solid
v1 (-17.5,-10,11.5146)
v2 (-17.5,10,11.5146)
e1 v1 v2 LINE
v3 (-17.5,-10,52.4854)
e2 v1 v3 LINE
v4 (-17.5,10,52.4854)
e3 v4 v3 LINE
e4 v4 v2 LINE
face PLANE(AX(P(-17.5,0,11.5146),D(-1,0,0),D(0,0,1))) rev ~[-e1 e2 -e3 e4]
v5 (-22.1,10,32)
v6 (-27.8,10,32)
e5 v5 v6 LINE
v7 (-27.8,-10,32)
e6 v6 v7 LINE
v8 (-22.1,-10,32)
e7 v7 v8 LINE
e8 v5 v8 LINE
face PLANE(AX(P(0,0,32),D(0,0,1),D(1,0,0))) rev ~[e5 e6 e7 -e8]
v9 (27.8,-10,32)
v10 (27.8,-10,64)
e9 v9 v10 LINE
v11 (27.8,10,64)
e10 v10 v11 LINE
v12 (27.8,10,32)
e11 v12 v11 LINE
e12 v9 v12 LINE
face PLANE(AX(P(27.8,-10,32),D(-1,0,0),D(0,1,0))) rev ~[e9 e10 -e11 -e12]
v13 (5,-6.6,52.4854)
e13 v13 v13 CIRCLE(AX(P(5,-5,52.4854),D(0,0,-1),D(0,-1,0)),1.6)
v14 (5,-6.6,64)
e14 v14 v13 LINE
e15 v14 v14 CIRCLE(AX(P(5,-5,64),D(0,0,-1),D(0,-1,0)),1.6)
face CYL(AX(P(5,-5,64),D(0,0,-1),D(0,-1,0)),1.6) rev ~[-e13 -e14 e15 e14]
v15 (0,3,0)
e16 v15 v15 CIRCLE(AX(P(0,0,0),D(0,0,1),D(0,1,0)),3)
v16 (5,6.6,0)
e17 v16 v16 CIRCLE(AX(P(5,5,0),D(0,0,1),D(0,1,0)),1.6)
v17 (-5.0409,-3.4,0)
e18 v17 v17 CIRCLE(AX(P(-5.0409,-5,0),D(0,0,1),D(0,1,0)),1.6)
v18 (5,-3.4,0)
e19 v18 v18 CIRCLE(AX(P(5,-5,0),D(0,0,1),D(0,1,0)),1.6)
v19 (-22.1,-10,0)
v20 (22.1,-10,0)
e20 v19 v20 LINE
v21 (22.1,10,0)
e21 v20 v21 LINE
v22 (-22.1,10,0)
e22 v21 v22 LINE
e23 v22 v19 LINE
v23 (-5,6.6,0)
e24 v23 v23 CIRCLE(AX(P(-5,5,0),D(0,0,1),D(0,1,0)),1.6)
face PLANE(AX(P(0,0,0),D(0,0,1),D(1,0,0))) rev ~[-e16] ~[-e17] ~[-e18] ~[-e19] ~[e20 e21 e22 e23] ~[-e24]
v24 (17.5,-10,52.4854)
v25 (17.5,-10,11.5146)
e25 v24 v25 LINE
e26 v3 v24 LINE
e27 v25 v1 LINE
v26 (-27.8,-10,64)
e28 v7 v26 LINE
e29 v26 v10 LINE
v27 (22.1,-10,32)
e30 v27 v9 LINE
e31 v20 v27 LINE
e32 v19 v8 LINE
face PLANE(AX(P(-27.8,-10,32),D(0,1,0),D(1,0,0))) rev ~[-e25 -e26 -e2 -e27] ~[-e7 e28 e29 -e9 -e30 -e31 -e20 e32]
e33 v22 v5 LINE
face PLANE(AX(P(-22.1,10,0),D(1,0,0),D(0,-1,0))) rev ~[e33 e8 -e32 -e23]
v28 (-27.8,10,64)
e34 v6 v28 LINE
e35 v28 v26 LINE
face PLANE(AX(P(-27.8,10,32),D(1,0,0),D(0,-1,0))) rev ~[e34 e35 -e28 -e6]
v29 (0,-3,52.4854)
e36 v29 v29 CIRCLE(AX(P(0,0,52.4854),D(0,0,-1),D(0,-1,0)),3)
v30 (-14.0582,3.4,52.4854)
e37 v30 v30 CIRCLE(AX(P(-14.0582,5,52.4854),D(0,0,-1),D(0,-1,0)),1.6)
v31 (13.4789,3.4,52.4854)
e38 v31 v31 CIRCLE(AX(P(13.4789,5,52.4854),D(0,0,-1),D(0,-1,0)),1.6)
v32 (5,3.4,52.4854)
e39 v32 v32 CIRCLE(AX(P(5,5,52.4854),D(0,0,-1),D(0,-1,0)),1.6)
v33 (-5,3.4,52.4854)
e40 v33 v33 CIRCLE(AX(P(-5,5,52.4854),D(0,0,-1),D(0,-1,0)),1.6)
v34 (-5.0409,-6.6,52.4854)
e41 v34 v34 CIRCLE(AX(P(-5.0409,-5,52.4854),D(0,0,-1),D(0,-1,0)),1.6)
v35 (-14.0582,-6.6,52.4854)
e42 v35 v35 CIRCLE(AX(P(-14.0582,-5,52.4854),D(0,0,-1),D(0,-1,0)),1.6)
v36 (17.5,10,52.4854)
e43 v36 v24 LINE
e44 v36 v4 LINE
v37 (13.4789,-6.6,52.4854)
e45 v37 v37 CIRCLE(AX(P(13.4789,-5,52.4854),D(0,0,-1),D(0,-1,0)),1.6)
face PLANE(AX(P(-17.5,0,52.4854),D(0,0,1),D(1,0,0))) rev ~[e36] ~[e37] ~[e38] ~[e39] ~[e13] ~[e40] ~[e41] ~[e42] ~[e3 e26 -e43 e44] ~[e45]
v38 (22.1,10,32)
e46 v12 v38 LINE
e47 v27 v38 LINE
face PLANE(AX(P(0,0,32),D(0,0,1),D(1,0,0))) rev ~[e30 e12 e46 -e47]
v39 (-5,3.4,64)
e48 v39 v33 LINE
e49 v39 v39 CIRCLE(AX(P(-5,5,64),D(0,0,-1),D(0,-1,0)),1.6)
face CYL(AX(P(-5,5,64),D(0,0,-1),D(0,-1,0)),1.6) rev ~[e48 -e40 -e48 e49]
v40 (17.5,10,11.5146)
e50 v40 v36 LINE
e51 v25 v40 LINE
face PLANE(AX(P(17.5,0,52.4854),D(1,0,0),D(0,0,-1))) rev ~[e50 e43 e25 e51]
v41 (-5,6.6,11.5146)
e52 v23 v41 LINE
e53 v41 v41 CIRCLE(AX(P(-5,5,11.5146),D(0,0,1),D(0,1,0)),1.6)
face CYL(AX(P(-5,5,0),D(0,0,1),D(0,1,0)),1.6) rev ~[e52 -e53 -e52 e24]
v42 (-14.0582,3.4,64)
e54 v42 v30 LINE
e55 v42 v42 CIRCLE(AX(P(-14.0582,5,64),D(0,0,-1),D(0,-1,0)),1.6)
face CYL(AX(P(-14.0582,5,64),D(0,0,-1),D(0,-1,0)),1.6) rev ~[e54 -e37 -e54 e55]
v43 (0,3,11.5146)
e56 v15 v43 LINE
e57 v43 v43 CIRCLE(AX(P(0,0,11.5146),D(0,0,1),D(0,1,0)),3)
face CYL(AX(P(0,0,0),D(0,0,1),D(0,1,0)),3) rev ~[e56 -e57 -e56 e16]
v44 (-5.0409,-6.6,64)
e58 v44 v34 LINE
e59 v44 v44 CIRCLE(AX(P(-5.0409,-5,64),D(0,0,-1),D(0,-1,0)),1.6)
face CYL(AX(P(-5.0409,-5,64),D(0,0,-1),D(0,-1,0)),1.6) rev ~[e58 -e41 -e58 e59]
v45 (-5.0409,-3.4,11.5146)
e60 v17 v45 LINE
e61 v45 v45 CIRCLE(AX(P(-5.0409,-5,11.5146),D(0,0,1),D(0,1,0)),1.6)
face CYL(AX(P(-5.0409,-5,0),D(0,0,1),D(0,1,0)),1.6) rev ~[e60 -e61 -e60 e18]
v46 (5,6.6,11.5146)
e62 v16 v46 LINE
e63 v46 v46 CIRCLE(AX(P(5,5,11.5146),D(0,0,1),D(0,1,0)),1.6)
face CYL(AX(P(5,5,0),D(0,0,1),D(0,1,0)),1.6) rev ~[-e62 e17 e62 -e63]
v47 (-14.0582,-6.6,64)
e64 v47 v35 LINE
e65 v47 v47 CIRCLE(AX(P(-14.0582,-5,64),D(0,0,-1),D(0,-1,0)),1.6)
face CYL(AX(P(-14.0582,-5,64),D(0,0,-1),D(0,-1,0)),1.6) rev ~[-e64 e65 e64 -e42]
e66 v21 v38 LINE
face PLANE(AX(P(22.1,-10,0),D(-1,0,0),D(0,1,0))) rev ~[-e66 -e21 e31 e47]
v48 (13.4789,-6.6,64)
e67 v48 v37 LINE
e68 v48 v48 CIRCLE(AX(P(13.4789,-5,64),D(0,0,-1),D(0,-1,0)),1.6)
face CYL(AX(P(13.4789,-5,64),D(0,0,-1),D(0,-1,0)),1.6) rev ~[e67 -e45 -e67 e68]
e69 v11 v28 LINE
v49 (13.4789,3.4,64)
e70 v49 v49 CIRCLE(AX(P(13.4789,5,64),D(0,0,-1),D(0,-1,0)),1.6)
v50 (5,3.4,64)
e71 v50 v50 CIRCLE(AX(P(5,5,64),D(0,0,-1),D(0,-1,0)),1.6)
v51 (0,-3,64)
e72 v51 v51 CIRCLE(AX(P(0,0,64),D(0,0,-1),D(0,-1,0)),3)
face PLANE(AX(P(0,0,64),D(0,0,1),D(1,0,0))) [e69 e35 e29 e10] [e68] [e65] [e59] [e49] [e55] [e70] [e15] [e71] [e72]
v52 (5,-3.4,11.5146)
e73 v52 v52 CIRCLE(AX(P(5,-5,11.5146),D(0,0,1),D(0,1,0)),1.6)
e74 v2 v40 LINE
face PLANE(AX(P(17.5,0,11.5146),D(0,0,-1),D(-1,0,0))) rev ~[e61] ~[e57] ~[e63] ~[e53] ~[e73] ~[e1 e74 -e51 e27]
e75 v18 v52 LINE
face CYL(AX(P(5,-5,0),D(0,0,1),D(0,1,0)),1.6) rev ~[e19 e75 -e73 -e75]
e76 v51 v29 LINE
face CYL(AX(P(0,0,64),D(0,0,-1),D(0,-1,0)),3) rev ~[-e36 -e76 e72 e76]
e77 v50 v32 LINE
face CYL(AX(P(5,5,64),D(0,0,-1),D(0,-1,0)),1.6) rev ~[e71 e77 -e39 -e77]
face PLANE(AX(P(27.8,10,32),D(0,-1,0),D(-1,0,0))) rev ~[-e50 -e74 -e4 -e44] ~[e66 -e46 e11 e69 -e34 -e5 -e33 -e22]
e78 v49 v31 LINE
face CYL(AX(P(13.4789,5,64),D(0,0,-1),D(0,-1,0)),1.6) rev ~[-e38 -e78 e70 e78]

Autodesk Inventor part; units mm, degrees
ref_plane "YZ Plane" through (0, 0, 0) normal (1, 0, 0) x (0, 1, 0)
ref_plane "XZ Plane" through (0, 0, 0) normal (0, 1, 0) x (-1, 0, 0)
ref_plane "XY Plane" through (0, 0, 0) normal (0, 0, 1) x (1, 0, 0)
sketch "スケッチ1" plane through (0, 0, 0) normal (0, 0, 1) x (1, 0, 0)
  line L0 (-22.1, -10) -> (22.1, -10)
  line L1 (22.1, -10) -> (22.1, 10)
  line L2 (22.1, 10) -> (-22.1, 10)
  line L3 (-22.1, 10) -> (-22.1, -10)
  line L4 (-22.1, -10) -> (22.1, 10) construction
  line L5 (22.1, -10) -> (-22.1, 10) construction
  point P0 (0, 0)
  dimension "d0" = 44.2
  dimension "d1" = 20
extrude "押し出し1" add sketch "スケッチ1" along normal blind 32
sketch "スケッチ2" plane through (0, 0, 32) normal (0, 0, 1) x (1, 0, 0)
  line L0 (-27.8, -10) -> (27.8, -10)
  line L1 (27.8, -10) -> (27.8, 10)
  line L2 (27.8, 10) -> (-27.8, 10)
  line L3 (-27.8, 10) -> (-27.8, -10)
  line L4 (-27.8, -10) -> (27.8, 10) construction
  line L5 (27.8, -10) -> (-27.8, 10) construction
  point P0 (0, 0)
  dimension "d4" = 20
  dimension "d5" = 55.6
extrude "押し出し2" add sketch "スケッチ2" along normal blind 32
sketch "スケッチ3" plane through (0, 0, 0) normal (0, 1, 0) x (-1, 0, 0)
  line L0 (22.1, 0) -> (22.1, 32) projected
  line L1 (-17.5, 7.4854) -> (17.5, 7.4854)
  line L2 (17.5, 7.4854) -> (17.5, 56.5146)
  line L3 (17.5, 56.5146) -> (-17.5, 56.5146)
  line L4 (-17.5, 56.5146) -> (-17.5, 7.4854)
  line L5 (-17.5, 7.4854) -> (17.5, 56.5146) construction
  line L6 (17.5, 7.4854) -> (-17.5, 56.5146) construction
  line L7 (-17.5, 11.5146) -> (17.5, 11.5146)
  line L8 (17.5, 11.5146) -> (17.5, 52.4854)
  line L9 (17.5, 52.4854) -> (-17.5, 52.4854)
  line L10 (-17.5, 52.4854) -> (-17.5, 11.5146)
  line L11 (-17.5, 11.5146) -> (17.5, 52.4854) construction
  line L12 (17.5, 11.5146) -> (-17.5, 52.4854) construction
  point P0 (0, 0)
  point P1 (0, 32)
  dimension "d8" = 22.1
  dimension "d9" = 32
  dimension "d10" = 35
  dimension "d11" = 45
extrude "押し出し3" cut sketch "スケッチ3" against normal mid plane 32 contours L4 L9 L2 L7
sketch "スケッチ4" plane through (0, 0, 0) normal (0, 0, -1) x (-1, 0, 0)
  point P0 (0, 0)
  point P1 (0, 0)
hole "穴1" at (0, 0, 0) direction (0, 0, 1) diameter 6 depth 15 tip angle 118
sketch "スケッチ5" plane through (0, 0, 0) normal (0, 0, -1) x (-1, 0, 0)
  point P0 (0, 0)
  point P1 (-5, 5)
  point P2 (-5, -5)
  point P3 (5.0409, -5)
  point P4 (5, 5)
  dimension "d21" = 5
  dimension "d22" = 5
  dimension "d23" = 5
  dimension "d24" = 5
  dimension "d25" = 5.0409
  dimension "d26" = 5
hole "穴2" at (5, 5, 0) at (5, -5, 0) at (-5.0409, -5, 0) at (-5, 5, 0) direction (0, 0, 1) diameter 3.2 depth 15 tip angle 118
sketch "スケッチ6" plane through (0, 0, 64) normal (0, 0, 1) x (1, 0, 0)
  point P0 (0, 0)
  point P1 (0, 0)
hole "穴3" at (0, 0, 64) direction (0, 0, -1) diameter 6 depth 15 tip angle 118
sketch "スケッチ7" plane through (0, 0, 64) normal (0, 0, 1) x (1, 0, 0)
  circle A0 centre (-5.0409, -5) radius 1.6 projected
  circle A1 centre (-5, 5) radius 1.6 projected
  circle A2 centre (5, 5) radius 1.6 projected
  circle A3 centre (5, -5) radius 1.6 projected
  point P0 (0, 0)
  point P1 (-14.0582, -5)
  point P2 (-14.0582, 5)
  point P3 (13.4789, 5)
  point P4 (13.4789, -5)
hole "穴4" at (-5.0409, -5, 64) at (-5, 5, 64) at (5, 5, 64) at (5, -5, 64) at (-14.0582, -5, 64) at (-14.0582, 5, 64) at (13.4789, 5, 64) at (13.4789, -5, 64) direction (0, 0, -1) diameter 3.2 depth 17.1 tip angle 118
properties part number "20220612_サーボ仮"
